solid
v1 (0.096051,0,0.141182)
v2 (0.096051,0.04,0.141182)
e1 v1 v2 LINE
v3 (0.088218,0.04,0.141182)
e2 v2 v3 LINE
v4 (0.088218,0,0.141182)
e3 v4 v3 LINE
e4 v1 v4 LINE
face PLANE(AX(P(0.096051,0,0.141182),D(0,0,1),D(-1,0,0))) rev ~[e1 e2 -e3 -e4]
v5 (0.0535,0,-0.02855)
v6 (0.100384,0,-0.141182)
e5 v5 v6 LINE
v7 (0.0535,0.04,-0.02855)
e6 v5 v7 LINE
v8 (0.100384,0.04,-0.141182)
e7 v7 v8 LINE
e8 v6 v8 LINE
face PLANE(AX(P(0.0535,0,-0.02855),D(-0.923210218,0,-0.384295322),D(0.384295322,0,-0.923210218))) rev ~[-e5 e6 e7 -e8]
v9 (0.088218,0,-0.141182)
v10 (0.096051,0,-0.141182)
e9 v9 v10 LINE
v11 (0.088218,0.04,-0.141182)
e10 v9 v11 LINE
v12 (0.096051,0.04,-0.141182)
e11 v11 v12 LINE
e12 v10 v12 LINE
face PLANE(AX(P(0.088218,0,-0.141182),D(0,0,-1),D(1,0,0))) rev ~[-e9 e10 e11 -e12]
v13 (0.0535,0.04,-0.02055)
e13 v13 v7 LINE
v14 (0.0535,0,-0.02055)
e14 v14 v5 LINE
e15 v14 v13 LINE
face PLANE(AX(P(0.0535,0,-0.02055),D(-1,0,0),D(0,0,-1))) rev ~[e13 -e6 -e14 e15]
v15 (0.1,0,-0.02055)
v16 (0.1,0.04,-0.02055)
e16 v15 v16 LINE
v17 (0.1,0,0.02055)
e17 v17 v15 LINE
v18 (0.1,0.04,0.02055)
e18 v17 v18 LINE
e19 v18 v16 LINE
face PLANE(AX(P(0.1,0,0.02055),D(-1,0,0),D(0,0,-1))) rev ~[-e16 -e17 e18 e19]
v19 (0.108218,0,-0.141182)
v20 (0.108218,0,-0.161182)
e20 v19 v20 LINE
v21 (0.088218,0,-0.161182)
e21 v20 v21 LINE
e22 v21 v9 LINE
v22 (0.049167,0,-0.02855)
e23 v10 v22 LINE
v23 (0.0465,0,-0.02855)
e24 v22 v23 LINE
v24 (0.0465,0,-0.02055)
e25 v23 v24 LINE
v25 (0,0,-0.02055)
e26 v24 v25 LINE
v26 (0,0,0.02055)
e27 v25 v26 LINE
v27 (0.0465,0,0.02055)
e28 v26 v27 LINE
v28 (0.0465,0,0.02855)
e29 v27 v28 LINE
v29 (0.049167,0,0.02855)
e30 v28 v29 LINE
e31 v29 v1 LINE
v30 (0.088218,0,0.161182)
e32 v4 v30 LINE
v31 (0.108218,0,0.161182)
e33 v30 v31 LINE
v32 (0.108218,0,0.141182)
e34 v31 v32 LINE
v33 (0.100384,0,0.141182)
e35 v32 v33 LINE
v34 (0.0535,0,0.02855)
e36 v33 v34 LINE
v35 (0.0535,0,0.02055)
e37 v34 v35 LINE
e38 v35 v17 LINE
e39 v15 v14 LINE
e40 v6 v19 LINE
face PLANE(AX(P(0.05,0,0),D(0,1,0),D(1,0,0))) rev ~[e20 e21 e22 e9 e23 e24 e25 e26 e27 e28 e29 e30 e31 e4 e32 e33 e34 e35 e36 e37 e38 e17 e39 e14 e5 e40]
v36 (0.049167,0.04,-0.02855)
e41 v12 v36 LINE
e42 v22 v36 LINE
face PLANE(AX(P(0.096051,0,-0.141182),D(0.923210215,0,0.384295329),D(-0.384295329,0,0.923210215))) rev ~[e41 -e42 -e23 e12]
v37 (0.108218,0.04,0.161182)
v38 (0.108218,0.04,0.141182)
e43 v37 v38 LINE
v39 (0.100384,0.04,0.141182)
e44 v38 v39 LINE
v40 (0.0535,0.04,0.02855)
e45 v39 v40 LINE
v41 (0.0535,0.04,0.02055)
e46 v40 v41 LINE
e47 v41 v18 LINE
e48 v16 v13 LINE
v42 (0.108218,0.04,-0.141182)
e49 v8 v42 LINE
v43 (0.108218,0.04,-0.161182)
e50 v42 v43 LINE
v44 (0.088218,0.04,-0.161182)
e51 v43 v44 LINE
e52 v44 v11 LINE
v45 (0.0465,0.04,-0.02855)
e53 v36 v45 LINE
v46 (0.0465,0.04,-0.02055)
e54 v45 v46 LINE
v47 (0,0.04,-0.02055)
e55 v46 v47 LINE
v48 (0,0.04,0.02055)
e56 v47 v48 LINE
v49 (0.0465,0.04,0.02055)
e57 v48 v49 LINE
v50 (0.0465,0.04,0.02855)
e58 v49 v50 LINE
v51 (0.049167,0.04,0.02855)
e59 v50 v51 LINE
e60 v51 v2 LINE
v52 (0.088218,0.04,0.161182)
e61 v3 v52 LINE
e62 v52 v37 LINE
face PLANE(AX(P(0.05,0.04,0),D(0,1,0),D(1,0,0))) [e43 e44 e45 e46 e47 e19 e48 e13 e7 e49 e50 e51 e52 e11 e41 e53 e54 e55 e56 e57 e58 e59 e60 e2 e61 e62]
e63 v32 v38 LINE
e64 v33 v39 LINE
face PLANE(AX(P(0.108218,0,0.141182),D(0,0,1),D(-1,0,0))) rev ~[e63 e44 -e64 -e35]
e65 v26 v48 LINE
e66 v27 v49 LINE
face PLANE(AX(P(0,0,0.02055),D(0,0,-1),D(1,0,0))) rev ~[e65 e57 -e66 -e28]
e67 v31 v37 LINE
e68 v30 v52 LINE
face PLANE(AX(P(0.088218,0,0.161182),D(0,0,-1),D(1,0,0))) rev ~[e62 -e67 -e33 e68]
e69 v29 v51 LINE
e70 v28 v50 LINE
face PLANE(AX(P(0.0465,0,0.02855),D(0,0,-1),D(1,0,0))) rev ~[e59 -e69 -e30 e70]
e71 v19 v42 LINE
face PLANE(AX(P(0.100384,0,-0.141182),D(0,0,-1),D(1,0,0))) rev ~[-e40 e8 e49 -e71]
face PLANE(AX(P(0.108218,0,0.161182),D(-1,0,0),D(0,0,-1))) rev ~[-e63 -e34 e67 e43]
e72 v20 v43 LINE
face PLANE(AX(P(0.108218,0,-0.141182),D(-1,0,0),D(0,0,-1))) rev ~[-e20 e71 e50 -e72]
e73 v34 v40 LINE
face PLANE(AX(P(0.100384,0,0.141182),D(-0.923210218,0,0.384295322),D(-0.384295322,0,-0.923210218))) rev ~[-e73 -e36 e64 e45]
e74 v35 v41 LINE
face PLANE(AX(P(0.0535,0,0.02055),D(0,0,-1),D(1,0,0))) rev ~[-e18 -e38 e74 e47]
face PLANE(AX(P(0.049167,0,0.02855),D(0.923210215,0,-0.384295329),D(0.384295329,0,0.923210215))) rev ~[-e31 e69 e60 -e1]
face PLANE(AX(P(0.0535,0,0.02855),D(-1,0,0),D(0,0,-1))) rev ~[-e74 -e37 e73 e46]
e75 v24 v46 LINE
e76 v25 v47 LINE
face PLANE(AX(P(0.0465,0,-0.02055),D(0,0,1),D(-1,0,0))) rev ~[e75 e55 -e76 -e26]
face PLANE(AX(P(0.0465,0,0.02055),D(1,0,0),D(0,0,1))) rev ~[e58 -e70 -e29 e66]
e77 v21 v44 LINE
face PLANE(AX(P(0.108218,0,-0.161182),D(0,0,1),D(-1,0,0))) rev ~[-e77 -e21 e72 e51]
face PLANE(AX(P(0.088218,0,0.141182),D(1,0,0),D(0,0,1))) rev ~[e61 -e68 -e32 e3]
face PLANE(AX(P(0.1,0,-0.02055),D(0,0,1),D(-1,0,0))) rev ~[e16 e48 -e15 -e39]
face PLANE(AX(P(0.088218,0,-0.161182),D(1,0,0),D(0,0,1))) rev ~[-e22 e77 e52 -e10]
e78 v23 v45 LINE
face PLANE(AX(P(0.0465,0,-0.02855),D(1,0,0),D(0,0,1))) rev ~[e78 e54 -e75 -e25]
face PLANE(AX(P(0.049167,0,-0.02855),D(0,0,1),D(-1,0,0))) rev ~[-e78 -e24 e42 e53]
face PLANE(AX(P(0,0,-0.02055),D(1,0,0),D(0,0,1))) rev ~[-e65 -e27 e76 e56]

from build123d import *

# Parameters (mm, degrees)
BOSS_EXTRUDE1_DEPTH = 0.04


with BuildPart() as part:
    # Sketch1 → Boss-Extrude1 (new body)
    with BuildSketch(Plane(origin=(0, 0, 0), x_dir=(1, 0, 0), z_dir=(0, 1, 0))):
        Polygon((0.0465, 0.02055), (0, 0.02055), (0, -0.02055), (0.0465, -0.02055), (0.0535, -0.02055), (0.1, -0.02055), (0.1, 0.02055), (0.0535, 0.02055), align=None)
        Polygon((0.0465, 0.02855), (0.0465, 0.02055), (0.0535, 0.02055), (0.0535, 0.02855), (0.049167292, 0.02855), align=None)
        Polygon((0.0535, -0.02055), (0.0465, -0.02055), (0.0465, -0.02855), (0.049167292, -0.02855), (0.0535, -0.02855), align=None)
        Polygon((0.049167292, 0.02855), (0.0535, 0.02855), (0.100384029, 0.141181646), (0.096051322, 0.141181646), align=None)
        Polygon((0.096051322, 0.141181646), (0.100384029, 0.141181646), (0.108217676, 0.141181646), (0.108217676, 0.161181646), (0.088217676, 0.161181646), (0.088217676, 0.141181646), align=None)
        Polygon((0.100384029, -0.141181646), (0.0535, -0.02855), (0.049167292, -0.02855), (0.096051322, -0.141181646), align=None)
        Polygon((0.108217676, -0.141181646), (0.100384029, -0.141181646), (0.096051322, -0.141181646), (0.088217676, -0.141181646), (0.088217676, -0.161181646), (0.108217676, -0.161181646), align=None)
    extrude(amount=BOSS_EXTRUDE1_DEPTH)


solid = part.part
